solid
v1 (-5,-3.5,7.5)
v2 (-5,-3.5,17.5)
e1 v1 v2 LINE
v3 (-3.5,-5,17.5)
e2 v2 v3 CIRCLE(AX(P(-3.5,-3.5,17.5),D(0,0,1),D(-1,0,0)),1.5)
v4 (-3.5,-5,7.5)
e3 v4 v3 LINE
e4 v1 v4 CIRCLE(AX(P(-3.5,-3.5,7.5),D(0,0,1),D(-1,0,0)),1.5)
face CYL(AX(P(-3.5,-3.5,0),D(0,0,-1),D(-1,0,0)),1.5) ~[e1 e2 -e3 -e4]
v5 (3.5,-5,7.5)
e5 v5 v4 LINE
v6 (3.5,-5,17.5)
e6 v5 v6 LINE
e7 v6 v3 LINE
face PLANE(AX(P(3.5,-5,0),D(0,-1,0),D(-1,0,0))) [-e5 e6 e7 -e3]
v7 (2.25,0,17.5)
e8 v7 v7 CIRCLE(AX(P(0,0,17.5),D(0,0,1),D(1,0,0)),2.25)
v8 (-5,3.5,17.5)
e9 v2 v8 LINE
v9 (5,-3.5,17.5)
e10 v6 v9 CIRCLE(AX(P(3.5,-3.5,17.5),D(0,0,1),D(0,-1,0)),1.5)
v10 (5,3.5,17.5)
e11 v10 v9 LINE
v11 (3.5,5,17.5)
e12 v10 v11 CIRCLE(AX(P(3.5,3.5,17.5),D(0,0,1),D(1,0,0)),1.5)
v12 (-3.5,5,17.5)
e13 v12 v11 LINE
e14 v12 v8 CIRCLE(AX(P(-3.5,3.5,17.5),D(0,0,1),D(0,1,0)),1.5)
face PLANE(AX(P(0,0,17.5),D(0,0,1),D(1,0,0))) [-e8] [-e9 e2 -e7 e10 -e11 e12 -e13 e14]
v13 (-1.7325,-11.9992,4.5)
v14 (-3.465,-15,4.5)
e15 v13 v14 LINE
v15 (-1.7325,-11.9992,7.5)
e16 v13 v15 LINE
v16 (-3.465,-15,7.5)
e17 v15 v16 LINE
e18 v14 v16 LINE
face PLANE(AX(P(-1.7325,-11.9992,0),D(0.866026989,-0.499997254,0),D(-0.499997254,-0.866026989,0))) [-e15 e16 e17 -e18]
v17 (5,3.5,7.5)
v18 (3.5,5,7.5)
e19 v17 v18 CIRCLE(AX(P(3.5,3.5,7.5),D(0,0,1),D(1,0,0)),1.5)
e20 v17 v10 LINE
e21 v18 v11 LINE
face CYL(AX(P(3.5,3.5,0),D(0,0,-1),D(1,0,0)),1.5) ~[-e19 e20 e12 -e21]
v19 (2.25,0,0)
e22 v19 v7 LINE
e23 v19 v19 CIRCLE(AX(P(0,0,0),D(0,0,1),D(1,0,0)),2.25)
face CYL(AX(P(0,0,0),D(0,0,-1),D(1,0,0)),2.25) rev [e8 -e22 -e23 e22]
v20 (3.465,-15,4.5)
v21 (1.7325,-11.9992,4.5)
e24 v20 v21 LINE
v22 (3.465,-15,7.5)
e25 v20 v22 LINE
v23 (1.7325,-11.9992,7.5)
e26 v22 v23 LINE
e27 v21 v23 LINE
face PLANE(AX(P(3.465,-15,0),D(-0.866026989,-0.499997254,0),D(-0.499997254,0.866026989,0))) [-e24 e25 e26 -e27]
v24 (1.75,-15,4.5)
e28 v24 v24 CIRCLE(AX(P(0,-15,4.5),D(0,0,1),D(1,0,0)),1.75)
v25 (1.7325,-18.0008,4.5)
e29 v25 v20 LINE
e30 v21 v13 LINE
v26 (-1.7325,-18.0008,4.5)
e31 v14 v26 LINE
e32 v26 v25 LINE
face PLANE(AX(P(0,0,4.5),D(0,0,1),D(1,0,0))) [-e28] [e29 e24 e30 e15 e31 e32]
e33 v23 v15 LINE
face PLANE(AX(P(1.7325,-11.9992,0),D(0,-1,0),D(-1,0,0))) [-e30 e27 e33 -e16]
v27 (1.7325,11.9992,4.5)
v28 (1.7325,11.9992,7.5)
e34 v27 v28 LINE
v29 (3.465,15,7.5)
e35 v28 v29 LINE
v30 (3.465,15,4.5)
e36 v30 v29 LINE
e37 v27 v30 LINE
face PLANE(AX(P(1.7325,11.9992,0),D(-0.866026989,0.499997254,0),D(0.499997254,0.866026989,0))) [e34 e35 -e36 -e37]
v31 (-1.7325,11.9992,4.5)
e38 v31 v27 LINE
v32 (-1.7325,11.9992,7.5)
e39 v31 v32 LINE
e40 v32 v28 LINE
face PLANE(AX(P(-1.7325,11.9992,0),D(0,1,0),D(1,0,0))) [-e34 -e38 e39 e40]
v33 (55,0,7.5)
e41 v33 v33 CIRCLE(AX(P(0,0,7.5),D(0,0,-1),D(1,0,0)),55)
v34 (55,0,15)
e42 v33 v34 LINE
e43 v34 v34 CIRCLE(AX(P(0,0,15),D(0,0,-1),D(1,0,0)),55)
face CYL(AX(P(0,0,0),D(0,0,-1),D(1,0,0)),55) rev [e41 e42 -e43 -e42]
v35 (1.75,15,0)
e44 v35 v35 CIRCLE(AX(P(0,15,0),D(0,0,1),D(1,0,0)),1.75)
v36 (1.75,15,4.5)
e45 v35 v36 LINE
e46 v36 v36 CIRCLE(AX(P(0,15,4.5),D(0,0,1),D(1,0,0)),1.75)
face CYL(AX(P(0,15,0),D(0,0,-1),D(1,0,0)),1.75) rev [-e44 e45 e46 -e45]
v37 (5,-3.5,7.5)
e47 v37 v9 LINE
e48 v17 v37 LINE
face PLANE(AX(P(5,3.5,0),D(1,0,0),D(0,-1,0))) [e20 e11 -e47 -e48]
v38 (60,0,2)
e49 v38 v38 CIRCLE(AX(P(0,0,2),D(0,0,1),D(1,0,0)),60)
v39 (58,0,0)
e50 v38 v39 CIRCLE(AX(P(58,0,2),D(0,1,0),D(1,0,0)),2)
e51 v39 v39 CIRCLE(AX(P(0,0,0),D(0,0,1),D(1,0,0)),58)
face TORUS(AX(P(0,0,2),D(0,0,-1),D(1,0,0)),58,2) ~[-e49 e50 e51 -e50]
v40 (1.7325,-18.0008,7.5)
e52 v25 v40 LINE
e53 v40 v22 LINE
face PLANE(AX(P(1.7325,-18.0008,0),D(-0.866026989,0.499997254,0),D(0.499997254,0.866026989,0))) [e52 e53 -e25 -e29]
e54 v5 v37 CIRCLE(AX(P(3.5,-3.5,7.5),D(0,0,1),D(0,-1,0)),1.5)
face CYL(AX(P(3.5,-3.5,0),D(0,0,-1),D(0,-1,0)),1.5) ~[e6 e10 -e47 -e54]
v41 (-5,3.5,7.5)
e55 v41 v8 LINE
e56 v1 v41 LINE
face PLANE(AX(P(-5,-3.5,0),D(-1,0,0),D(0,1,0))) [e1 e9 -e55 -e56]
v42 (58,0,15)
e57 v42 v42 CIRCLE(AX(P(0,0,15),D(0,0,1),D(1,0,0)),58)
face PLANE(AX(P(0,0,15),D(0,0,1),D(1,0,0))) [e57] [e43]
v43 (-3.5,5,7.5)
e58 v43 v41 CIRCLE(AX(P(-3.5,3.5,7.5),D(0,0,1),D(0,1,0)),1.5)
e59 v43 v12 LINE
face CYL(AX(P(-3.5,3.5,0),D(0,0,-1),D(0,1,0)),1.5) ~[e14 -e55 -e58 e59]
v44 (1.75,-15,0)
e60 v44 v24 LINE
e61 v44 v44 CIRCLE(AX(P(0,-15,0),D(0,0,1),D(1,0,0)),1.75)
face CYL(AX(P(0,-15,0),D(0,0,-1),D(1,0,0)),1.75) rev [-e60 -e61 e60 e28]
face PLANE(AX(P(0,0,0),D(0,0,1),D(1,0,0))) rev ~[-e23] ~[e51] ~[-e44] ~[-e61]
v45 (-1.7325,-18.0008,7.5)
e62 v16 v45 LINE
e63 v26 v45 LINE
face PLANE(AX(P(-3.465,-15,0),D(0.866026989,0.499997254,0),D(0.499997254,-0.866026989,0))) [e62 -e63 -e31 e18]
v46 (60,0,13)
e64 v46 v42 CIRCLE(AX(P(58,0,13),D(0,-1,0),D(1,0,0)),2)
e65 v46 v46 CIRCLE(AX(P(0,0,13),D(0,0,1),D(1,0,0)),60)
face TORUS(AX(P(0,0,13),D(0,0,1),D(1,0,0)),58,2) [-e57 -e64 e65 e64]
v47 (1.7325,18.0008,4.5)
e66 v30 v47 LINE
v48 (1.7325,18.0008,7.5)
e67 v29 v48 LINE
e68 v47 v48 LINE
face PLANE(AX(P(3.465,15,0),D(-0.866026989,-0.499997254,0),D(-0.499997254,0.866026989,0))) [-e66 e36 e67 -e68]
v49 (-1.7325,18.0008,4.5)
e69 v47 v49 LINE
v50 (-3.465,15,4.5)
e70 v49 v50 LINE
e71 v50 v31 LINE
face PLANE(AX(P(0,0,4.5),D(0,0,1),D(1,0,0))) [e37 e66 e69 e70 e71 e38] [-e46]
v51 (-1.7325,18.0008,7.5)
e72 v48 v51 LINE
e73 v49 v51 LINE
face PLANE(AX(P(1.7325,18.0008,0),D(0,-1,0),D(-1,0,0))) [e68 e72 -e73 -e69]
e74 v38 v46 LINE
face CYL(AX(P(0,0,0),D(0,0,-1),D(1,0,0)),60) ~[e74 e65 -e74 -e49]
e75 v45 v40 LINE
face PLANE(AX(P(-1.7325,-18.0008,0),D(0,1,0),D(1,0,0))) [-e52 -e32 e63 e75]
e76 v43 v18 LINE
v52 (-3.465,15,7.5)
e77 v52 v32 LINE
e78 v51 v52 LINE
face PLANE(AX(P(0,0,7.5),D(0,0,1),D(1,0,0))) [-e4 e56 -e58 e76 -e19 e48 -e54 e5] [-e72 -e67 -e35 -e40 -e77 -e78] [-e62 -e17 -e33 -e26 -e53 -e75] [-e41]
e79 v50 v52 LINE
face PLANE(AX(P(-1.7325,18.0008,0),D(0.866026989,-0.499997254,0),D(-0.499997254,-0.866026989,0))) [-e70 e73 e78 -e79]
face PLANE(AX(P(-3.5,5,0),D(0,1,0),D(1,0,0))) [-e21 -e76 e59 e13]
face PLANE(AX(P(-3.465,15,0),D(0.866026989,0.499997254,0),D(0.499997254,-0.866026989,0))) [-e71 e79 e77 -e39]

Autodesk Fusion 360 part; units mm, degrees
sketch "main" plane through (0, 0, 0) normal (0, 0, 1) x (1, 0, 0)
  circle A0 centre (0, 0) radius 2.25
  line L0 (-3.5, 5) -> (3.5, 5)
  line L1 (5, 3.5) -> (5, -3.5)
  line L2 (3.5, -5) -> (-3.5, -5)
  line L3 (-5, -3.5) -> (-5, 3.5)
  line L4 (-5, 5) -> (5, -5) construction
  line L5 (5, 5) -> (-5, -5) construction
  arc A1 (-3.5, 5) -> (-5, 3.5) centre (-3.5, 3.5) ccw
  arc A2 (-5, -3.5) -> (-3.5, -5) centre (-3.5, -3.5) ccw
  arc A3 (3.5, -5) -> (5, -3.5) centre (3.5, -3.5) ccw
  arc A4 (5, 3.5) -> (3.5, 5) centre (3.5, 3.5) ccw
  circle A5 centre (0, 0) radius 20
  line L6 (0, 5) -> (0, 15) construction
  line L7 (0, -15) -> (0, -5) construction
  circle A6 centre (0, 15) radius 1.75
  line L8 (3.465, 15) -> (1.7325, 18.0008)
  line L9 (1.7325, 18.0008) -> (-1.7325, 18.0008)
  line L10 (-1.7325, 18.0008) -> (-3.465, 15)
  line L11 (-3.465, 15) -> (-1.7325, 11.9992)
  line L12 (-1.7325, 11.9992) -> (1.7325, 11.9992)
  line L13 (1.7325, 11.9992) -> (3.465, 15)
  circle A7 centre (0, -15) radius 1.75
  line L14 (3.465, -15) -> (1.7325, -11.9992)
  line L15 (1.7325, -11.9992) -> (-1.7325, -11.9992)
  line L16 (-1.7325, -11.9992) -> (-3.465, -15)
  line L17 (-3.465, -15) -> (-1.7325, -18.0008)
  line L18 (-1.7325, -18.0008) -> (1.7325, -18.0008)
  line L19 (1.7325, -18.0008) -> (3.465, -15)
  circle A8 centre (0, 0) radius 55
  spline S0 degree 5 poles (-5.0305, 19.357) (-4.9656, 19.5382) (-4.8376, 19.914) (-4.6506, 20.5186) (-4.4115, 21.4066) (-4.1299, 22.6499) (-3.8662, 24.0155) (-3.6214, 25.4797) (-3.3969, 26.9998) (-3.1947, 28.5187) (-3.017, 29.9798) (-2.8658, 31.3385) (-2.7432, 32.5744) (-2.6507, 33.707) (-2.5895, 34.7948) (-2.5603, 35.9102) (-2.5641, 37.1227) (-2.6015, 38.476) (-2.6738, 39.9752) (-2.7821, 41.5999) (-2.9274, 43.3124) (-3.1108, 45.0674) (-3.3328, 46.8208) (-3.5937, 48.5404) (-3.8934, 50.2058) (-4.2314, 51.805) (-4.5322, 53.0272) (-4.7748, 53.9111) (-4.944, 54.4858) (-5.0305, 54.7695) knots 0 0 0 0 0 0 0.04 0.08 0.12 0.16 0.2 0.24 0.28 0.32 0.36 0.4 0.44 0.48 0.52 0.56 0.6 0.64 0.68 0.72 0.76 0.8 0.84 0.88 0.92 0.96 1 1 1 1 1 1
  spline S1 degree 5 poles (5.0305, 19.357) (4.9656, 19.5382) (4.8376, 19.914) (4.6506, 20.5186) (4.4115, 21.4066) (4.1299, 22.6499) (3.8662, 24.0155) (3.6214, 25.4797) (3.3969, 26.9998) (3.1947, 28.5187) (3.017, 29.9798) (2.8658, 31.3385) (2.7432, 32.5744) (2.6507, 33.707) (2.5895, 34.7948) (2.5603, 35.9102) (2.5641, 37.1227) (2.6015, 38.476) (2.6738, 39.9752) (2.7821, 41.5999) (2.9274, 43.3124) (3.1108, 45.0674) (3.3328, 46.8208) (3.5937, 48.5404) (3.8934, 50.2058) (4.2314, 51.805) (4.5322, 53.0272) (4.7748, 53.9111) (4.944, 54.4858) (5.0305, 54.7695) knots 0 0 0 0 0 0 0.04 0.08 0.12 0.16 0.2 0.24 0.28 0.32 0.36 0.4 0.44 0.48 0.52 0.56 0.6 0.64 0.68 0.72 0.76 0.8 0.84 0.88 0.92 0.96 1 1 1 1 1 1
  line L20 (-5.983, 16.697) -> (-4.078, 22.017)
  line L21 (-4.0792, 51.649) -> (-5.9817, 57.8899)
  line L22 (5.983, 16.697) -> (4.078, 22.017)
  line L23 (4.0792, 51.649) -> (5.9817, 57.8899)
  circle A9 centre (0, 0) radius 60
  point P0 (0, 15)
  point P1 (0, -15)
  point P2 (-3.7631, 24.6573)
  point P3 (-2.8027, 31.9975)
  point P4 (-2.5682, 36.8246)
  point P5 (-3.1758, 45.5337)
  point P6 (3.7631, 24.6573)
  point P7 (2.8027, 31.9975)
  point P8 (2.5682, 36.8246)
  point P9 (3.1758, 45.5337)
  dimension "d1" = 4.5
  dimension "d2" = 10
  dimension "d3" = 10
  dimension "d4" = 1.5
  dimension "d5" = 40
  dimension "d6" = 10
  dimension "d7" = 10
  dimension "d8" = 3.5
  dimension "d9" = 3.465
  dimension "d10" = 3.5
  dimension "d11" = 3.465
  dimension "d12" = 110
  dimension "d23" = 120
extrude "Extrude1" add sketch "main" along normal blind 7.5 contours A5 A8 S0 S1 picked at (-13.7602, 33.1549) makes body 1
pattern_circular "C-Pattern1" count 4 over 360 about axis through (0, 0, 1.75) along (0, 0, 1) of "Extrude1" makes body 2 makes body 3 makes body 4
extrude "Extrude2" add sketch "main" along normal blind 7.5 contours A5 bodies 1 2 3 4
extrude "Extrude3" add sketch "main" along normal blind 17.5 contours L0 L1 L2 L3 A1 A2 A3 A4 bodies 1
extrude "Extrude4" add sketch "main" along normal blind 4.5 contours L8 L9 L10 L11 L12 L13 | L14 L15 L16 L17 L18 L19 bodies 1
extrude "Extrude5" add sketch "main" along normal blind 15 contours A9 bodies 1
fillet "Fillet1" radius 2 2 edges at (-55.9396, -21.6969, 0) (-55.9396, -21.6969, 15) on bodies 1
equation "d9 = ( 6.93 / 2 ) * 1 mm"
equation "d11 = ( 6.93 / 2 ) * 1 mm"
equation "d21 = 7.50 mm - 3 mm"
